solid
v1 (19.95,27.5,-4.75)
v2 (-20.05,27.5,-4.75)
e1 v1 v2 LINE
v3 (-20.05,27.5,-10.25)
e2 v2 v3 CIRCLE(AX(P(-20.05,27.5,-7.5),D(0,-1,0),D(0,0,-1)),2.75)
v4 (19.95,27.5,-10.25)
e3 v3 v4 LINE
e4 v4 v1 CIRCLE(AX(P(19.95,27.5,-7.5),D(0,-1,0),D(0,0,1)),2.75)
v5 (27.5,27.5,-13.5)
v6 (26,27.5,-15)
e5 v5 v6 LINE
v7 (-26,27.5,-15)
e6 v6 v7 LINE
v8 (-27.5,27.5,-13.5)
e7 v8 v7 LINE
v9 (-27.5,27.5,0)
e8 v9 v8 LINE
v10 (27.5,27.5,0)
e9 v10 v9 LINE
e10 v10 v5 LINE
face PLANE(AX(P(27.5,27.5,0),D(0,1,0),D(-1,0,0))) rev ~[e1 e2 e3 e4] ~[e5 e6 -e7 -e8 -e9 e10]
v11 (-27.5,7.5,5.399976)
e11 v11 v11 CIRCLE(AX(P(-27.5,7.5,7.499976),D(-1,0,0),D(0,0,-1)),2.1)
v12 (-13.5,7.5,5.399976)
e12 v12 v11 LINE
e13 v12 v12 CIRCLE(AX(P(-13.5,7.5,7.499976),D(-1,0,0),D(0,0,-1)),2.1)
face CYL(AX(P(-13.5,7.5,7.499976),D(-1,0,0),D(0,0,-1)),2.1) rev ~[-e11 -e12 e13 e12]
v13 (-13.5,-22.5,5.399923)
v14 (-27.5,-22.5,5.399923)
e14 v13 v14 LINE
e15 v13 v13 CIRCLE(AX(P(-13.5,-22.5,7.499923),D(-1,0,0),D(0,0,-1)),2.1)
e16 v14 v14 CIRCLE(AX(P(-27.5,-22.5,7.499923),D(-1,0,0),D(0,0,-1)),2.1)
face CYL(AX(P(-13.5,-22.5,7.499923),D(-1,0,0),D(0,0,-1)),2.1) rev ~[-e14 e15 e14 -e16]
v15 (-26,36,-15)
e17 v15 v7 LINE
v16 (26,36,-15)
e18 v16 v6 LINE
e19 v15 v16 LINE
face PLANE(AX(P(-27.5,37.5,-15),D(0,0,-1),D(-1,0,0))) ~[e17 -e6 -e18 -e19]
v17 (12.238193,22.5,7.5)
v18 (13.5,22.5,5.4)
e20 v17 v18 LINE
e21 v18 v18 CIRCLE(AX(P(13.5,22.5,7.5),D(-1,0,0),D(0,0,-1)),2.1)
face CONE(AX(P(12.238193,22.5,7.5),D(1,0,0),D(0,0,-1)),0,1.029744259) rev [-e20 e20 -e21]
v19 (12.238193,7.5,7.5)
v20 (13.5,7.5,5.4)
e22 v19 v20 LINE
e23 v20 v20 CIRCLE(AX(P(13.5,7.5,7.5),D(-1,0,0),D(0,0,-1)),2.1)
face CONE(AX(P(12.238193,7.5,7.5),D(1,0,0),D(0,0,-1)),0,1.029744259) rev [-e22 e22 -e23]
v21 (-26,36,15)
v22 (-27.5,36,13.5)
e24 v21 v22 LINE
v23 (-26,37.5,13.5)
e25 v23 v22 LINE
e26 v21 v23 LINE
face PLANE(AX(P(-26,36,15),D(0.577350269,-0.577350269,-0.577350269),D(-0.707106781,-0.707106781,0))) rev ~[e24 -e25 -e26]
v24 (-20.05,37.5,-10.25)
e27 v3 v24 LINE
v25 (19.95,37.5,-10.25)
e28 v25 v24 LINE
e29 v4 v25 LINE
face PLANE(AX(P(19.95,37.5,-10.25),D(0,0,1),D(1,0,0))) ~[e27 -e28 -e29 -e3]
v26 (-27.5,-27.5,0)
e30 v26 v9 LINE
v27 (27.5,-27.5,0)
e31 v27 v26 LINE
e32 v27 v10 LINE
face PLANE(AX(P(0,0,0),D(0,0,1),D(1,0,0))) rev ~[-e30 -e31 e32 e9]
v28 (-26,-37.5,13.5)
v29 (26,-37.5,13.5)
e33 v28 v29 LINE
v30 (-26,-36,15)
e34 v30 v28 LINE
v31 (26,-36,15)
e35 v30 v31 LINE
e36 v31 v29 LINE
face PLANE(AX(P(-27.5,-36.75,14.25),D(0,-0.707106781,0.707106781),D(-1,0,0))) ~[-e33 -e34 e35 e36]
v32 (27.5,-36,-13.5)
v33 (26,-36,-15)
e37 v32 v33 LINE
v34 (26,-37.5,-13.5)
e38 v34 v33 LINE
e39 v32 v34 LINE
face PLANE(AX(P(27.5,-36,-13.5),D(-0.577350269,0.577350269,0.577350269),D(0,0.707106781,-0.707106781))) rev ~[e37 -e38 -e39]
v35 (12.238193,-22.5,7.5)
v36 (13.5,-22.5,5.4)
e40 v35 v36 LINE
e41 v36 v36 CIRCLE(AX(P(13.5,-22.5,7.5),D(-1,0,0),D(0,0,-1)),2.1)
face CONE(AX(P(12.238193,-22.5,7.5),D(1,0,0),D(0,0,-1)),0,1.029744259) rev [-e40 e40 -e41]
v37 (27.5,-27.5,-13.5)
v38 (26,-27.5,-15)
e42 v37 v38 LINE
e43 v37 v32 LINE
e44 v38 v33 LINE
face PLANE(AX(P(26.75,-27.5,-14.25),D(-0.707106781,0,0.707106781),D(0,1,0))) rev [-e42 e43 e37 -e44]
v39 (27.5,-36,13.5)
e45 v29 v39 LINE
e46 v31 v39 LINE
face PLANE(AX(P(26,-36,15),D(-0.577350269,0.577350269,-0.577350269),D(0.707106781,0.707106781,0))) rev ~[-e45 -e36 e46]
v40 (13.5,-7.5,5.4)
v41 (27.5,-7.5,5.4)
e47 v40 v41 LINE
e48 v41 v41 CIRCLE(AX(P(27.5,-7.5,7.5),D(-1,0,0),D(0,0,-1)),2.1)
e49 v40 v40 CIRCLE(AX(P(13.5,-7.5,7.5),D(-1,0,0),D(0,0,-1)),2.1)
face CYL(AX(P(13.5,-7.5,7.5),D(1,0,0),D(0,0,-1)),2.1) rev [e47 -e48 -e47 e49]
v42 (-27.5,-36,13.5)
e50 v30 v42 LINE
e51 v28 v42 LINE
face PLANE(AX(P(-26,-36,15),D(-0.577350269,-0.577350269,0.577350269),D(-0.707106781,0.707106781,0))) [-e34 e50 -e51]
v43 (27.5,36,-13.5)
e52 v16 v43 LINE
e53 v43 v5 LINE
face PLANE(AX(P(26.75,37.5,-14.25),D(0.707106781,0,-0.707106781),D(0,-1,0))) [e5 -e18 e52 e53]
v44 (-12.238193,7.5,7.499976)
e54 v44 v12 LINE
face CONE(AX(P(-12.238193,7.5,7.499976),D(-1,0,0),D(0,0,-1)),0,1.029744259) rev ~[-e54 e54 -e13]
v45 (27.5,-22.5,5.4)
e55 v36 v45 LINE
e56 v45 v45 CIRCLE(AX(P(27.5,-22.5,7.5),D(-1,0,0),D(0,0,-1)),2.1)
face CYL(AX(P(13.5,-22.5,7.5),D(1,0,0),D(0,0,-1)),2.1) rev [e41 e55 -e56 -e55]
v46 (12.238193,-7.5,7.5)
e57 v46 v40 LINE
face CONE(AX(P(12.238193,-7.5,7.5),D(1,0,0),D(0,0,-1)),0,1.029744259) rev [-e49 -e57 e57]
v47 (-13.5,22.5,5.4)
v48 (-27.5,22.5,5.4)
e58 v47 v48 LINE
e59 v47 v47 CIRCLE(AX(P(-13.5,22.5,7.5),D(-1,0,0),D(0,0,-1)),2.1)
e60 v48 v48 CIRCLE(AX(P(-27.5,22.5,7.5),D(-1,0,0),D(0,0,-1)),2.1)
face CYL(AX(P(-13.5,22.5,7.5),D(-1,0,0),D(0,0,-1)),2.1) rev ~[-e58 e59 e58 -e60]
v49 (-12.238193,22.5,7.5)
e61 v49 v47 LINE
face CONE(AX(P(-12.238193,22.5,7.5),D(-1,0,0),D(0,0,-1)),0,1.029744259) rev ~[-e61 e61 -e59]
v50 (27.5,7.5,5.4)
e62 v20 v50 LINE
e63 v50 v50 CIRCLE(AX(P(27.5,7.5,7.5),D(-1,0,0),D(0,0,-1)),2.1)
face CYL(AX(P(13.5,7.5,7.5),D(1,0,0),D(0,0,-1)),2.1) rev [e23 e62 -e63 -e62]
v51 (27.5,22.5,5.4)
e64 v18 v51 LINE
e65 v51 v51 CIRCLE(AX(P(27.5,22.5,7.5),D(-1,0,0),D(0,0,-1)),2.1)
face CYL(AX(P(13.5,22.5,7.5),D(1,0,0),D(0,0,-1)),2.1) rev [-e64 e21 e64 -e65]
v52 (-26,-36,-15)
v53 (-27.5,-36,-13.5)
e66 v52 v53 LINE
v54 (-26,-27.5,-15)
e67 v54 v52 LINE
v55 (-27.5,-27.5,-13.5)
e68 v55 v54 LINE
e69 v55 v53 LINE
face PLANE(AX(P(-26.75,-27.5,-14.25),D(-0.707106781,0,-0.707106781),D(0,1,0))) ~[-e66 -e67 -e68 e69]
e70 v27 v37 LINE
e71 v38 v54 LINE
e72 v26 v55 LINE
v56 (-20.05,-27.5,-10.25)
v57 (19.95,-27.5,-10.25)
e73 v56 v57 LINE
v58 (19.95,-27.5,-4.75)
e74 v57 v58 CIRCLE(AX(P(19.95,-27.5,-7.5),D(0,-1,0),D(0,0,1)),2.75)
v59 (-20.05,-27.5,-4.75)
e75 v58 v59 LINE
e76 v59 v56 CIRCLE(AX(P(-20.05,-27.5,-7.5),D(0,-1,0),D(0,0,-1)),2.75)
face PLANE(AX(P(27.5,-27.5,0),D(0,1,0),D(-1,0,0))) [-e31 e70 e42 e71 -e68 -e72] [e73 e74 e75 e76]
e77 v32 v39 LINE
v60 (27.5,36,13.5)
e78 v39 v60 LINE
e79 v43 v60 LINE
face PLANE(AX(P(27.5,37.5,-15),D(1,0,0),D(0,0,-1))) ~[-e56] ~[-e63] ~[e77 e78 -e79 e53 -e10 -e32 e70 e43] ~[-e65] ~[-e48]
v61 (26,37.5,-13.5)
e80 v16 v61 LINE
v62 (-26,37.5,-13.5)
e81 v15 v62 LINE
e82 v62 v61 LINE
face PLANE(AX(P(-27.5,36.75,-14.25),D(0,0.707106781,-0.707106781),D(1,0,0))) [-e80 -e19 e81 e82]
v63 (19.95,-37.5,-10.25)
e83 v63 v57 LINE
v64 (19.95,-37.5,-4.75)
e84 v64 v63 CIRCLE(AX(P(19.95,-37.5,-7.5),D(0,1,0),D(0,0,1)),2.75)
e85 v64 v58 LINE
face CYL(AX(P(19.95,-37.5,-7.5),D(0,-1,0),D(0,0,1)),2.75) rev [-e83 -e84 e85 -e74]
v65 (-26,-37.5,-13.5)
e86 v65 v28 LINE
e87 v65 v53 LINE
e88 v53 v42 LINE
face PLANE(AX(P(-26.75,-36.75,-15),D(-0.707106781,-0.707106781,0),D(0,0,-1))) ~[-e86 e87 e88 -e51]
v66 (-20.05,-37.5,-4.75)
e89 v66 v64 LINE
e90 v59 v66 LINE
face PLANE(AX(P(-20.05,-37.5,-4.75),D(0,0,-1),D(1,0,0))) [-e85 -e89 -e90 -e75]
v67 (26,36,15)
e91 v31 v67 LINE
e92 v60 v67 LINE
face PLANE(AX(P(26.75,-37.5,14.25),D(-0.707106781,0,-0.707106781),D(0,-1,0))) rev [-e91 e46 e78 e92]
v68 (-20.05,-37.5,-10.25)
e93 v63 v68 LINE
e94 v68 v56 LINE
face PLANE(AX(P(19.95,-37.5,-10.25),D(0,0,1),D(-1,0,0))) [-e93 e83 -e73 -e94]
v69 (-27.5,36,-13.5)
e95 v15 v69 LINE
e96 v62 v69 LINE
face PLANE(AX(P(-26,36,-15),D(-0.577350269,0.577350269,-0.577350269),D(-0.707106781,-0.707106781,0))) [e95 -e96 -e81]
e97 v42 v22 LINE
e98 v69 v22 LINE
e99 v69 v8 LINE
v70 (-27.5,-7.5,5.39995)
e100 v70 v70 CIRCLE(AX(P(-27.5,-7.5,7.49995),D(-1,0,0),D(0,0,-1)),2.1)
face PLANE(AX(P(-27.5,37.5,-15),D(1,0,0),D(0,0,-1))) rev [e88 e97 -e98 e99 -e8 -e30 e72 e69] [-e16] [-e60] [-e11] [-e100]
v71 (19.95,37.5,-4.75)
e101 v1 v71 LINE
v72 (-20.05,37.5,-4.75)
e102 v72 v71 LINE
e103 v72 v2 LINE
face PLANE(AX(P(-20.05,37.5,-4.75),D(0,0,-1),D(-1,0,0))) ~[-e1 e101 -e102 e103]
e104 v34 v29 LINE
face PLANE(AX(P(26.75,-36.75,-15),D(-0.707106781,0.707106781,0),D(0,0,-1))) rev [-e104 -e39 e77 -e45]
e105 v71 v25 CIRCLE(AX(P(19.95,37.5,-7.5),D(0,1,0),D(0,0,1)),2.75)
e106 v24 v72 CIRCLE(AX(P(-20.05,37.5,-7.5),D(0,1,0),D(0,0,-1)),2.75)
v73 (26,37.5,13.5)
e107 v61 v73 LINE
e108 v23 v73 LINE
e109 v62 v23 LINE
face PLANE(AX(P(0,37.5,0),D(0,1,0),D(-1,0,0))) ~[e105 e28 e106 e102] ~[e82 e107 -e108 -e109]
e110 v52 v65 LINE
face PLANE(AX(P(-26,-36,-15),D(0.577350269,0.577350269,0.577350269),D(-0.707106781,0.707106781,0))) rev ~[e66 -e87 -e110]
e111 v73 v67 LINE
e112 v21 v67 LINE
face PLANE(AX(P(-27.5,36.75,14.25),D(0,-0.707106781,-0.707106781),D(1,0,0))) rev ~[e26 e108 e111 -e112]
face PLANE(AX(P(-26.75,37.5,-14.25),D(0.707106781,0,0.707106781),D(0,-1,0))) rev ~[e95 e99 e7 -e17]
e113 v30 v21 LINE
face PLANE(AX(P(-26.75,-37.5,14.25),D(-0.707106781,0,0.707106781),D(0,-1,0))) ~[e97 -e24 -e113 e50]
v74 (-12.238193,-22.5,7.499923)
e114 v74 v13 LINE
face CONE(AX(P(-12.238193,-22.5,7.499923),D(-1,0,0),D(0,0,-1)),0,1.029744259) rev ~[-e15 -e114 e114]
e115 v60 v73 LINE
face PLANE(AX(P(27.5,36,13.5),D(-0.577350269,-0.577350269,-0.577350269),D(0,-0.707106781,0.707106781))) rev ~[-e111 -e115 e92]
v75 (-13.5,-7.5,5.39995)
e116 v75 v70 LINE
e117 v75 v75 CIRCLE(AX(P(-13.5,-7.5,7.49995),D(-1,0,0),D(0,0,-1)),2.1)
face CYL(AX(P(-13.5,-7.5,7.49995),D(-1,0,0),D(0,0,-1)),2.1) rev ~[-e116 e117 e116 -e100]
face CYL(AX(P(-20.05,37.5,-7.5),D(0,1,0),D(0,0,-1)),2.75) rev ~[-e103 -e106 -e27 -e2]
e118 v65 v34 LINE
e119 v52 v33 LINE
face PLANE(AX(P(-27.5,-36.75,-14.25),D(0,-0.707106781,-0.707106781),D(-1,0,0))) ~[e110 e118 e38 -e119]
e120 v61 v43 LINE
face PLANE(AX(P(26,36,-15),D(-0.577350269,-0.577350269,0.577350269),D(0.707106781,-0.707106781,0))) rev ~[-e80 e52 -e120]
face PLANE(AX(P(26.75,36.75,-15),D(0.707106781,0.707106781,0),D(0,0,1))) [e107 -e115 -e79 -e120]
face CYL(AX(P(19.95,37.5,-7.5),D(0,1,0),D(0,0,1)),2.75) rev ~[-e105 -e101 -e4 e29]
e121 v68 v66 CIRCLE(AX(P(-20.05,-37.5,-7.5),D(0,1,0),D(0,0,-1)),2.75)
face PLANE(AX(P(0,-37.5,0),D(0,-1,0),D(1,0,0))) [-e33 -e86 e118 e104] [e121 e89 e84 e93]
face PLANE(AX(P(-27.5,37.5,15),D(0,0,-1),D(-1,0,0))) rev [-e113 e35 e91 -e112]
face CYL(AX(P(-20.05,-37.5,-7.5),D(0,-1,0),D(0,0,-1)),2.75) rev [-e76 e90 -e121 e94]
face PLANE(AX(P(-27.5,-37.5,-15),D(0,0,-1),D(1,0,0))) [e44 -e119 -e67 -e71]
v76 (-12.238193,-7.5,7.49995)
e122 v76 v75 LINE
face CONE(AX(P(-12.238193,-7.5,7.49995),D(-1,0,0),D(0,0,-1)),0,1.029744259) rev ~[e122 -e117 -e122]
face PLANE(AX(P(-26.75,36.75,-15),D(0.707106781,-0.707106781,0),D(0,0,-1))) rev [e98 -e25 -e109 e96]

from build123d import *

# Parameters (mm, degrees)
SKETCH1_W                  = 55
SKETCH1_H                  = 65
BOSS_EXTRUDE1_DEPTH        = 10
SKETCH2_W                  = 55
SKETCH2_H                  = 5
BOSS_EXTRUDE2_DEPTH        = 15
CUT_EXTRUDE1_DEPTH         = 104
SKETCH4_W                  = 55
SKETCH4_H                  = 65
BOSS_EXTRUDE3_DEPTH        = 5
M5_TAPPED_HOLE2_AT_2_COUNT = 2
M5_TAPPED_HOLE2_AT_2_PITCH = 15
M5_TAPPED_HOLE2_AT_3_COUNT = 2
M5_TAPPED_HOLE2_AT_3_PITCH = 30
M5_TAPPED_HOLE2_AT_4_COUNT = 2
M5_TAPPED_HOLE2_AT_4_PITCH = 45
BOSS_EXTRUDE4_START        = 5
SKETCH13_W                 = 55
SKETCH13_H                 = 30
BOSS_EXTRUDE4_DEPTH        = 5
CHAMFER2_SIZE              = 1.5


with BuildPart() as part:
    # Sketch1 → Boss-Extrude1 (new body)
    with BuildSketch(Plane.XY):
        Rectangle(SKETCH1_W, SKETCH1_H)
    extrude(amount=BOSS_EXTRUDE1_DEPTH)

    # Sketch2 → Boss-Extrude2 (add)
    with BuildSketch(Plane(origin=(0, 0, 0), x_dir=(-1, 0, 0), z_dir=(0, 0, -1))):
        with Locations((0, 30)):
            Rectangle(SKETCH2_W, SKETCH2_H)
        with Locations((0, -30)):
            Rectangle(SKETCH2_W, SKETCH2_H)
    extrude(amount=BOSS_EXTRUDE2_DEPTH)

    # Sketch3 → Cut-Extrude1 (cut)
    with BuildSketch(Plane.XZ.offset(32.5)):
        with BuildLine():
            Line((-20.05, -4.75), (19.95, -4.75))
            ThreePointArc((19.95, -4.75), (22.7, -7.5), (19.95, -10.25))
            Line((19.95, -10.25), (-20.05, -10.25))
            ThreePointArc((-20.05, -10.25), (-22.8, -7.5), (-20.05, -4.75))
        make_face()
    extrude(amount=-CUT_EXTRUDE1_DEPTH, mode=Mode.SUBTRACT)

    # Sketch4 → Boss-Extrude3 (add)
    with BuildSketch(Plane.XY.offset(10)):
        Rectangle(SKETCH4_W, SKETCH4_H)
    extrude(amount=BOSS_EXTRUDE3_DEPTH)

    # Sketch12 → M5 Tapped Hole2 (revolve, cut)
    with BuildSketch(Plane(origin=(27.5, 22.5, 7.5), x_dir=(0, 0, -1), z_dir=(0, 1, 0))):
        Polygon((0, 0), (0, 15.2618073), (2.1, 14), (2.1, 0), align=None)
    m5_tapped_hole2 = revolve(axis=Axis((33.85, 22.5, 7.5), (-1, 0, 0)), mode=Mode.SUBTRACT)

    # M5 Tapped Hole2 at 2: M5 Tapped Hole2 ×2
    with Locations(*[(0, -i * M5_TAPPED_HOLE2_AT_2_PITCH, 0) for i in range(1, M5_TAPPED_HOLE2_AT_2_COUNT)]):
        add(m5_tapped_hole2, mode=Mode.SUBTRACT)

    # M5 Tapped Hole2 at 3: M5 Tapped Hole2 ×2
    with Locations(*[(0, -i * M5_TAPPED_HOLE2_AT_3_PITCH, 0) for i in range(1, M5_TAPPED_HOLE2_AT_3_COUNT)]):
        add(m5_tapped_hole2, mode=Mode.SUBTRACT)

    # M5 Tapped Hole2 at 4: M5 Tapped Hole2 ×2
    with Locations(*[(0, -i * M5_TAPPED_HOLE2_AT_4_PITCH, 0) for i in range(1, M5_TAPPED_HOLE2_AT_4_COUNT)]):
        add(m5_tapped_hole2, mode=Mode.SUBTRACT)

    # Mirror2: M5 Tapped Hole2 across plane
    add(m5_tapped_hole2.mirror(Plane(origin=(0, 0, 0), x_dir=(0, 0, 1), z_dir=(1, 0, 0))), mode=Mode.SUBTRACT)

    # Mirror2 copy 1 sketch → Mirror2 copy 1 (revolve, cut)
    with BuildSketch(Plane(origin=(-27.5, 7.5, 7.499975629), x_dir=(0, 0, -1), z_dir=(0, 1, 0))):
        Polygon((0, 0), (0, -15.2618073), (2.1, -14), (2.1, 0), align=None)
    revolve(axis=Axis((-33.85, 7.5, 7.499975629), (-1, 0, 0)), mode=Mode.SUBTRACT)

    # Mirror2 copy 2 sketch → Mirror2 copy 2 (revolve, cut)
    with BuildSketch(Plane(origin=(-27.5, -7.5, 7.499949533), x_dir=(0, 0, -1), z_dir=(0, 1, 0))):
        Polygon((0, 0), (0, -15.2618073), (2.1, -14), (2.1, 0), align=None)
    revolve(axis=Axis((-33.85, -7.5, 7.499949533), (-1, 0, 0)), mode=Mode.SUBTRACT)

    # Mirror2 copy 3 sketch → Mirror2 copy 3 (revolve, cut)
    with BuildSketch(Plane(origin=(-27.5, -22.5, 7.499923436), x_dir=(0, 0, -1), z_dir=(0, 1, 0))):
        Polygon((0, 0), (0, -15.2618073), (2.1, -14), (2.1, 0), align=None)
    revolve(axis=Axis((-33.85, -22.5, 7.499923436), (-1, 0, 0)), mode=Mode.SUBTRACT)

    # Sketch13 → Boss-Extrude4 (add)
    with BuildSketch(Plane.XZ.offset(32.5).offset(BOSS_EXTRUDE4_START)):
        Rectangle(SKETCH13_W, SKETCH13_H)
        with BuildLine():
            Line((-20.05, -4.75), (19.95, -4.75))
            ThreePointArc((19.95, -4.75), (22.7, -7.5), (19.95, -10.25))
            Line((19.95, -10.25), (-20.05, -10.25))
            ThreePointArc((-20.05, -10.25), (-22.8, -7.5), (-20.05, -4.75))
        make_face(mode=Mode.SUBTRACT)
    boss_extrude4 = extrude(amount=-BOSS_EXTRUDE4_DEPTH)

    # Mirror3: Boss-Extrude4 across plane
    add(boss_extrude4.mirror(Plane(origin=(0, 0, 0), x_dir=(0, 0, 1), z_dir=(0, -1, 0))))

    # Chamfer2
    chamfer2_edges = [part.edges().sort_by_distance(p)[0] for p in [
        (-27.5, -37.5, 0),
        (0, -37.5, -15),
        (27.5, -37.5, 0),
        (0, -37.5, 15),
        (-27.5, 37.5, 0),
        (0, 37.5, 15),
        (27.5, 37.5, 0),
        (0, 37.5, -15),
        (27.5, 32.5, -15),
        (-27.5, 32.5, -15),
        (27.5, -32.5, -15),
        (-27.5, -32.5, -15),
        (-27.5, 0, 15),
        (27.5, 0, 15),
    ]]
    chamfer(chamfer2_edges, length=CHAMFER2_SIZE)


solid = part.part
